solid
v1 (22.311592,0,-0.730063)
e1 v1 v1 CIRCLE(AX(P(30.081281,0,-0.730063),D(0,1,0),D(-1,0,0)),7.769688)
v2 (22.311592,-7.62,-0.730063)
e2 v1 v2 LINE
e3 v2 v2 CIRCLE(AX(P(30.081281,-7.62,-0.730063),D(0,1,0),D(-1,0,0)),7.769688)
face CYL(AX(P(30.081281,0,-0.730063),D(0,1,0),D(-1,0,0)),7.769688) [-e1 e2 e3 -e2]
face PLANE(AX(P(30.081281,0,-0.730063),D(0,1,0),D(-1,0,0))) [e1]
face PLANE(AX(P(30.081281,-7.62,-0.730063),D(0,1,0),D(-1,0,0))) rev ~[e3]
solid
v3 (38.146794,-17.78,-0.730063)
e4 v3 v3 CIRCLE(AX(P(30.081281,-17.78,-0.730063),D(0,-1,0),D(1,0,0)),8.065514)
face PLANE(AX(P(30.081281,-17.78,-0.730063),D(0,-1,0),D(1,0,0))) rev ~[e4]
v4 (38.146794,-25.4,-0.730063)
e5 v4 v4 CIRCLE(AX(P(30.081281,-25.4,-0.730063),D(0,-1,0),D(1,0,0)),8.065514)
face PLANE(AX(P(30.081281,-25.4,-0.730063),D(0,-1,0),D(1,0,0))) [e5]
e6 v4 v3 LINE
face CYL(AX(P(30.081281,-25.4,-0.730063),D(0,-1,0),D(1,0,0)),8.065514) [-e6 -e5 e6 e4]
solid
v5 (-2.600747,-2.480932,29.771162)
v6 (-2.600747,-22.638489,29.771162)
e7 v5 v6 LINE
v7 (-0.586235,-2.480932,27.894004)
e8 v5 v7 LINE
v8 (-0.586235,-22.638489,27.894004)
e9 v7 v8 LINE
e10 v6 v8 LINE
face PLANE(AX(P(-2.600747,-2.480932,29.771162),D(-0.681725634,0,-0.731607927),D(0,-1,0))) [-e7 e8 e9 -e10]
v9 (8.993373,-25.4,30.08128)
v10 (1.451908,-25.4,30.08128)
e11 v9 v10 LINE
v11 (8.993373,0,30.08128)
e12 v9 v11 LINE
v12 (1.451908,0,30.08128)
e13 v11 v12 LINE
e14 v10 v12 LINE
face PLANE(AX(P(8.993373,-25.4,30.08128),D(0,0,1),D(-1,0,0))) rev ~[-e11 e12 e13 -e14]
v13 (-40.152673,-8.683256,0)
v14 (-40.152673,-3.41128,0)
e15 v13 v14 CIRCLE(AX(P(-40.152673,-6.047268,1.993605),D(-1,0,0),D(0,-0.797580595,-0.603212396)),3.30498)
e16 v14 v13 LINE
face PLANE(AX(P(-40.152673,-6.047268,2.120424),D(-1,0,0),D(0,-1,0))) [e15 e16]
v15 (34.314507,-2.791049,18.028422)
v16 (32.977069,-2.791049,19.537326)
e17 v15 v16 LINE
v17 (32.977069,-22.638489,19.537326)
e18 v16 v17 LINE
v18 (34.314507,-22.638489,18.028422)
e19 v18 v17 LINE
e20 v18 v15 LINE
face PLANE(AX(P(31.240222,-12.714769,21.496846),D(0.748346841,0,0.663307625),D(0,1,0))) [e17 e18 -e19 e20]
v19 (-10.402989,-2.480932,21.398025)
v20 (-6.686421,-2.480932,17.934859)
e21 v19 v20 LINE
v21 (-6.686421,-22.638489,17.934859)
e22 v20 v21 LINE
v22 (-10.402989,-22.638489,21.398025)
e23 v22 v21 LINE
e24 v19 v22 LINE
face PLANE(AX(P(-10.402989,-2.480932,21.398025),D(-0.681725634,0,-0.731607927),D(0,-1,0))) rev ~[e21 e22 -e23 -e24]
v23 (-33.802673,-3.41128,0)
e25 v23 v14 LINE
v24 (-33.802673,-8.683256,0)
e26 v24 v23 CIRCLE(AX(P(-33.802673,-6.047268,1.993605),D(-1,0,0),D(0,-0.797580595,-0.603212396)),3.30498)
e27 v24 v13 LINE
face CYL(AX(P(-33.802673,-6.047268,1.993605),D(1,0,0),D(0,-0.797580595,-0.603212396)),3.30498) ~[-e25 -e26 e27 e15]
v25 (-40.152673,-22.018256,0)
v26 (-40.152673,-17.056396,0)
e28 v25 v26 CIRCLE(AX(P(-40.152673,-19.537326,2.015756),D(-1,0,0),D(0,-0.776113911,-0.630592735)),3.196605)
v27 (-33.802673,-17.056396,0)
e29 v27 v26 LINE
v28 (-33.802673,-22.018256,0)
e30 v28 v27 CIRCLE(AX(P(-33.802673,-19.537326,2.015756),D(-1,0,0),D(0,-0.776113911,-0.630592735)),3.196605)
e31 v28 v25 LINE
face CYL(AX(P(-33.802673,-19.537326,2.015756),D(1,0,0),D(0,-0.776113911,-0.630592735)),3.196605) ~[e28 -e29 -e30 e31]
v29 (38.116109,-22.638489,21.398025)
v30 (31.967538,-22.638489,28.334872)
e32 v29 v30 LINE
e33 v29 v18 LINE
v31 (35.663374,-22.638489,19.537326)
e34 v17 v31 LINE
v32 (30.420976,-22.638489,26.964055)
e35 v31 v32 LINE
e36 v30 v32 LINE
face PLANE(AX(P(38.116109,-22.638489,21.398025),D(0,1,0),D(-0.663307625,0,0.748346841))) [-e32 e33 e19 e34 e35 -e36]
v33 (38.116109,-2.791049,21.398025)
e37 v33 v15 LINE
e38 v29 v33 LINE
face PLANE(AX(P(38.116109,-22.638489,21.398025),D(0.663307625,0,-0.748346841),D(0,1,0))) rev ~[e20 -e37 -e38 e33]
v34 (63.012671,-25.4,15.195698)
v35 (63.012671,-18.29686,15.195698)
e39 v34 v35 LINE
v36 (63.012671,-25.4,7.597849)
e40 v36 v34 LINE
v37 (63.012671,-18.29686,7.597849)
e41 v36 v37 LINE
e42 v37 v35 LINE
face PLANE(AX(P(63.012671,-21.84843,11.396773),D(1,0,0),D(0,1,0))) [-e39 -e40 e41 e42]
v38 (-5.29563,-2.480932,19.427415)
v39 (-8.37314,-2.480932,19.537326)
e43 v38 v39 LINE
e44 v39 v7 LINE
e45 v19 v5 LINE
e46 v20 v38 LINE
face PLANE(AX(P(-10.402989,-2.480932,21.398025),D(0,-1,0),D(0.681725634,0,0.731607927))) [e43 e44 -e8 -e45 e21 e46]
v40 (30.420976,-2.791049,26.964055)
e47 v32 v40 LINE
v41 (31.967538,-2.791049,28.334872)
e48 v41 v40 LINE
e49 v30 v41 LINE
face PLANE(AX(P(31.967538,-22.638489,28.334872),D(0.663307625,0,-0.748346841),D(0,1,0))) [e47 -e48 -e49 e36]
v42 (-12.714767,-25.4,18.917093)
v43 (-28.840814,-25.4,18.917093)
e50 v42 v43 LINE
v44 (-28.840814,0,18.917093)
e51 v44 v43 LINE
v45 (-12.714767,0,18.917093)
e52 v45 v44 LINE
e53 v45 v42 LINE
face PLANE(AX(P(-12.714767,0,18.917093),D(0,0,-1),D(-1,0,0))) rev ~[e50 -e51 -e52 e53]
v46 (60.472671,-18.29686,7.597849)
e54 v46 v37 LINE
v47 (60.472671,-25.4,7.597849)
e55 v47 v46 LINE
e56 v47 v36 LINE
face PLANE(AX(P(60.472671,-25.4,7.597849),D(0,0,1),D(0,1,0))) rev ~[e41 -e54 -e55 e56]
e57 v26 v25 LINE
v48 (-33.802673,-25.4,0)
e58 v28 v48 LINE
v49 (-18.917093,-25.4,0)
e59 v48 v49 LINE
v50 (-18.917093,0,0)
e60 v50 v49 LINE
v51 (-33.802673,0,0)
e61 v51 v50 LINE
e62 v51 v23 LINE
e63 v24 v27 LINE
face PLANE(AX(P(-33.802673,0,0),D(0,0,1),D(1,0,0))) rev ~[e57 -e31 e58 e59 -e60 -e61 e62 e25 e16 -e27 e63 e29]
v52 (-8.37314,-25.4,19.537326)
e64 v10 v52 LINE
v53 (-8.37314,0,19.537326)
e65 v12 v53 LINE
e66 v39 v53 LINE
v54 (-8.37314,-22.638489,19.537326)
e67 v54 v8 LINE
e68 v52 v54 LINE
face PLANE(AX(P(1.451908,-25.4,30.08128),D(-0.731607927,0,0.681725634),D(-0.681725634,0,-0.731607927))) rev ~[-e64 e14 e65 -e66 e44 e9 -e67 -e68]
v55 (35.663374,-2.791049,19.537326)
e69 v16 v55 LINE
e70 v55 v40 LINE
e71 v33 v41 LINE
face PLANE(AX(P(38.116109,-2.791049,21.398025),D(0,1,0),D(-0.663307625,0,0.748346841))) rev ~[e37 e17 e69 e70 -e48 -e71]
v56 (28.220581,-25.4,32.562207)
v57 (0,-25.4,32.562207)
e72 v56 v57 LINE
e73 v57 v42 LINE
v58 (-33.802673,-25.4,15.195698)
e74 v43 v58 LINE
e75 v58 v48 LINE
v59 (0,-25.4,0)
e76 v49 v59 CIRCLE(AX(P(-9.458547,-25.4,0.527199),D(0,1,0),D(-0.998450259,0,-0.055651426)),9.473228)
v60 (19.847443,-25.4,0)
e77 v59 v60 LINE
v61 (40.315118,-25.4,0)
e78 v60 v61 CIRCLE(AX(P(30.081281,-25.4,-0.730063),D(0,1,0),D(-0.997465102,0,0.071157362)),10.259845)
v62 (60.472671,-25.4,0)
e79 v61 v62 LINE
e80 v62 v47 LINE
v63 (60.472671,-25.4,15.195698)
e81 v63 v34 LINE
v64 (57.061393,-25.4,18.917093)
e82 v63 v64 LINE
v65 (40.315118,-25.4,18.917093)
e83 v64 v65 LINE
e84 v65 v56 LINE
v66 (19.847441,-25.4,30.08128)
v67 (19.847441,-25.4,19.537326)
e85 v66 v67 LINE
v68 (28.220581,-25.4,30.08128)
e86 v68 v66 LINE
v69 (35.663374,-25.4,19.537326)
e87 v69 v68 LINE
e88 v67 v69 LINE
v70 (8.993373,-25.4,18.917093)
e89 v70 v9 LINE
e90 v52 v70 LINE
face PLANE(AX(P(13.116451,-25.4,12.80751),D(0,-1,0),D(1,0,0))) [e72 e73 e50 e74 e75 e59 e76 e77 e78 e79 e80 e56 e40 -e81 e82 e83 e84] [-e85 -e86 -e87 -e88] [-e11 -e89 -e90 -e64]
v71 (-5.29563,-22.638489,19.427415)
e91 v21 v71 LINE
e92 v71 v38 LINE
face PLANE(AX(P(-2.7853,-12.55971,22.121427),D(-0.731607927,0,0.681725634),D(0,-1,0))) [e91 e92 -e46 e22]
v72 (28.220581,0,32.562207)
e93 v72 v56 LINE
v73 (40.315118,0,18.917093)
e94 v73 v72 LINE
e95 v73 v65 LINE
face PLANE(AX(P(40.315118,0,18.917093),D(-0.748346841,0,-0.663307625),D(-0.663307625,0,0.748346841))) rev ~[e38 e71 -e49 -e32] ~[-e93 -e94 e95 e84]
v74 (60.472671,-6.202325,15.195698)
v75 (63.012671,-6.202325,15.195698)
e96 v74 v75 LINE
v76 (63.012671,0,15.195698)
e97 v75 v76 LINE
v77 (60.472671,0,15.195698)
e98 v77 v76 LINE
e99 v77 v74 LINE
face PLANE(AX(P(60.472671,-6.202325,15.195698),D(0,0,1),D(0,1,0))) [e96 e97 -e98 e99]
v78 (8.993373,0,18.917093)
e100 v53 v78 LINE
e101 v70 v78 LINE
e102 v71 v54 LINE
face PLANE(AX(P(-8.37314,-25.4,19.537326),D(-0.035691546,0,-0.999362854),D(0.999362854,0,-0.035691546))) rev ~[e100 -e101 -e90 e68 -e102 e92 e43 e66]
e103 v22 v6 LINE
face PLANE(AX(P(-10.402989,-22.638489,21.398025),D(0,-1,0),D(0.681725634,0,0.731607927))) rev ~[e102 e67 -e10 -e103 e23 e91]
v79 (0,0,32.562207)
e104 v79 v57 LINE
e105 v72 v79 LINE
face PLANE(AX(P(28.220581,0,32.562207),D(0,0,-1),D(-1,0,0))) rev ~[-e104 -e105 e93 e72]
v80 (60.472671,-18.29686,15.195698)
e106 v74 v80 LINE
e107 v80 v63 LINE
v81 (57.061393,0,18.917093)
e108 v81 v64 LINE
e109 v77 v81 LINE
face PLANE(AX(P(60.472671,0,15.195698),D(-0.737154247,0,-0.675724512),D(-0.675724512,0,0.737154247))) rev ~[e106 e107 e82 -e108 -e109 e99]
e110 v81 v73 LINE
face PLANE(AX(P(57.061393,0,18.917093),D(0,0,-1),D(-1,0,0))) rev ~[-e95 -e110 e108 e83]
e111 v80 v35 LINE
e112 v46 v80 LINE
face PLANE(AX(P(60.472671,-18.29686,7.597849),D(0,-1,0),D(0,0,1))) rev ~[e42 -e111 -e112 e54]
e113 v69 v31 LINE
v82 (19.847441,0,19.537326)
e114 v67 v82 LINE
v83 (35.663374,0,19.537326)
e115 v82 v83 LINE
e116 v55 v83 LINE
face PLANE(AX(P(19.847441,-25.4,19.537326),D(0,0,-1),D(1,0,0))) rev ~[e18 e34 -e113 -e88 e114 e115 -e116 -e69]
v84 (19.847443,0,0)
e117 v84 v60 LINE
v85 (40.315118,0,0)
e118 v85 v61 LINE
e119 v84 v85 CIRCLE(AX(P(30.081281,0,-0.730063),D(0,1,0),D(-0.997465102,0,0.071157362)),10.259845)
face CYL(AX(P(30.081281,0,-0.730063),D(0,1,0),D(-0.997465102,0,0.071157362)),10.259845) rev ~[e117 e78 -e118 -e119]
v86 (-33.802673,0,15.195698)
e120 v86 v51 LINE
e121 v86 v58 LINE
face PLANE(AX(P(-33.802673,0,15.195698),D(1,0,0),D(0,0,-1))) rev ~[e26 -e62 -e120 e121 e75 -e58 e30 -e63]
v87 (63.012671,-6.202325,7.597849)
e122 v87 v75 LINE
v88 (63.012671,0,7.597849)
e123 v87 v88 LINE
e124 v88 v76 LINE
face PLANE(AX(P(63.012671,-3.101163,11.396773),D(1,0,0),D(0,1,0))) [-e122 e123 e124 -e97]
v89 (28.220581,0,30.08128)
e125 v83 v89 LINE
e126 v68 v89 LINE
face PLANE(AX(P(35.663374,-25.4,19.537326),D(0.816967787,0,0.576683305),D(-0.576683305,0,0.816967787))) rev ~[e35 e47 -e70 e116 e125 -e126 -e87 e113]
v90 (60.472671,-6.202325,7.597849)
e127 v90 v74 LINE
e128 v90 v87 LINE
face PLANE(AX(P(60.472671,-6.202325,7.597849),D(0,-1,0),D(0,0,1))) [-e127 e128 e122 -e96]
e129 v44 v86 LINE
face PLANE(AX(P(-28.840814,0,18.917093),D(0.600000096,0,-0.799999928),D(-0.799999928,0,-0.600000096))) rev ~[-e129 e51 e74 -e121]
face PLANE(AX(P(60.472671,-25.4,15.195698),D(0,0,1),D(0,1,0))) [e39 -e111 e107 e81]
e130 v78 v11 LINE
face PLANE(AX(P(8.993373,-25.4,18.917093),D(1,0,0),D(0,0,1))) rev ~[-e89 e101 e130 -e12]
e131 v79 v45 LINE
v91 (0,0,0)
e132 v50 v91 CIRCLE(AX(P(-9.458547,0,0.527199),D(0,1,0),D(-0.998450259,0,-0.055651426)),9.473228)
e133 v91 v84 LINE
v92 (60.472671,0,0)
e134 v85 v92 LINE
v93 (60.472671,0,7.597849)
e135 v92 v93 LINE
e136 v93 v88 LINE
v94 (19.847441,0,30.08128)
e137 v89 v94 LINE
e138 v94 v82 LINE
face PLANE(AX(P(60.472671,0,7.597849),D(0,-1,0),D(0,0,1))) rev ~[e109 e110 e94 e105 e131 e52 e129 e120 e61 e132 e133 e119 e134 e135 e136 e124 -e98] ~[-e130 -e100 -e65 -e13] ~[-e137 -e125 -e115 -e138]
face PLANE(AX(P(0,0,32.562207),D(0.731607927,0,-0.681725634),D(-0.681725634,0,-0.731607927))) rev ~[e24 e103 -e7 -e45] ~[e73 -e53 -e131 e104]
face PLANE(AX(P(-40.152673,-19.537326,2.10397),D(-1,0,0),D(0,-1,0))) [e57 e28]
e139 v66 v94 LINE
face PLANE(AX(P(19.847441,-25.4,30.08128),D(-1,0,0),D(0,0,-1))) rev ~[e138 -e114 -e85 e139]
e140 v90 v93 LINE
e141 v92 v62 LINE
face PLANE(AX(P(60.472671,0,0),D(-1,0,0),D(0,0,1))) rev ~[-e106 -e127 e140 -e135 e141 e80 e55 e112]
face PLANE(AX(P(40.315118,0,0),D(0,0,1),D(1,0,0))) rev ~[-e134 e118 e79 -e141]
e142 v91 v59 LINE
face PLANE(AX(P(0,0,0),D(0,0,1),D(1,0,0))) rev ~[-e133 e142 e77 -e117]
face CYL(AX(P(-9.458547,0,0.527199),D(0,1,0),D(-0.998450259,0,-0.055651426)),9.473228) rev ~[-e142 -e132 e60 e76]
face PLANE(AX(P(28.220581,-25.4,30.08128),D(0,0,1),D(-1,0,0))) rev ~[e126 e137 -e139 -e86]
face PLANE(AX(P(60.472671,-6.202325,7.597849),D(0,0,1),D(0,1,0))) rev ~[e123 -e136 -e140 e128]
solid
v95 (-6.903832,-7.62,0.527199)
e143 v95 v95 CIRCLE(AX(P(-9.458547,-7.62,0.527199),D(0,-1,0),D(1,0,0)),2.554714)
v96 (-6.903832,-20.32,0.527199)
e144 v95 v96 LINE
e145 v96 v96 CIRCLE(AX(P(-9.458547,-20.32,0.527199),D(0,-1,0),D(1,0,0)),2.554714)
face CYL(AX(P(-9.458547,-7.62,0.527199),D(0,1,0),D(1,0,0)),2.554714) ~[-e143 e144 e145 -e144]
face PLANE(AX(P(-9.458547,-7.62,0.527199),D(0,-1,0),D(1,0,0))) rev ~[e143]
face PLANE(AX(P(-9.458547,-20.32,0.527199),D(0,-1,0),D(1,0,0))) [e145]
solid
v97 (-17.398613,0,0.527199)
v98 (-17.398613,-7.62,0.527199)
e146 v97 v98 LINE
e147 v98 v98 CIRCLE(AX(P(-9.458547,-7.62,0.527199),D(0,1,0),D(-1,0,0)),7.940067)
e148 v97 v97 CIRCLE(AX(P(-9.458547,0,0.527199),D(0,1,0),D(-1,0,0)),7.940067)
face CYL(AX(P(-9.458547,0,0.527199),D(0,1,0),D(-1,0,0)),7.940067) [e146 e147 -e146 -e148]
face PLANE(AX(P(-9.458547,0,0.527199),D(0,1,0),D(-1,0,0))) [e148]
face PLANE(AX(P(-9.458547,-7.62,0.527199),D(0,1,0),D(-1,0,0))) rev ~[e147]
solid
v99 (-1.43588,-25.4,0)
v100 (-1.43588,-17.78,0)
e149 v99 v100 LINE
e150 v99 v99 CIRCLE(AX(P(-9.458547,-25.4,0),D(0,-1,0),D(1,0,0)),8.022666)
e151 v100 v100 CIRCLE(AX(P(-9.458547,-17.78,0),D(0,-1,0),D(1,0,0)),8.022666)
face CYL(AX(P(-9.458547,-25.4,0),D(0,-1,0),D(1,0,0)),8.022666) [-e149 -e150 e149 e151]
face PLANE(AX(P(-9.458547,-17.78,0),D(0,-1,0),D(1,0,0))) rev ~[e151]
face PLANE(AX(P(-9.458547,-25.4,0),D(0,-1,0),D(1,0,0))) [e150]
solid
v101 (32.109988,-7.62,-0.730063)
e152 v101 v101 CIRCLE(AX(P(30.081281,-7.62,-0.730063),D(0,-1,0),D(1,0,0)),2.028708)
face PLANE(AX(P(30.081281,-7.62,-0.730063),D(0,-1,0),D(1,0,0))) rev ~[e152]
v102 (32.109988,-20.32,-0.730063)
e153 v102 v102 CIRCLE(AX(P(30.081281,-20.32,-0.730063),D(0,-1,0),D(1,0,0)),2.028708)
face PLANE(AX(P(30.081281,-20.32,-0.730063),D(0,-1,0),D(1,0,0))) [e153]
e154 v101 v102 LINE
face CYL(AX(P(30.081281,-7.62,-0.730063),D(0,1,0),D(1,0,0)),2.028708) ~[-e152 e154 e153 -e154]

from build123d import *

# Parameters (mm, degrees)
F1_DEPTH  = 25.4
F2_R      = 8.022666145
F3_DEPTH  = 7.62
F2_R_2    = 8.0655138607
F4_R      = 7.7696882193
F5_DEPTH  = 7.62
F4_R_2    = 7.940066568
F6_R      = 2.0287079895
F7_DEPTH  = 12.7
F8_R      = 2.5547140385
F9_DEPTH  = 12.7
F10_W     = 6.2023252249
F10_H     = 7.597848773
F10_W_2   = 7.1031398416
F11_DEPTH = 2.54
F13_DEPTH = 25.4
F14_W     = 19.8474398348
F14_H     = 9.2695616186
F15_DEPTH = 5.08
F16_W     = 20.157556748
F16_H     = 11.4448424429
F17_DEPTH = 5.08
F19_DEPTH = 6.35


with BuildPart() as f1:
    # F0 (on Front) → F1 (new body)
    with BuildSketch(Plane.XZ):
        with BuildLine():
            ThreePointArc((-18.9170930535, 0), (-9.4585465267, 10.0004262087), (0, 0))
            Line((0, 0), (19.8474433273, 0))
            ThreePointArc((19.8474433273, 0), (30.0812805071, 9.5297813415), (40.315117687, 0))
            Line((40.315117687, 0), (60.4726709425, 0))
            Line((60.4726709425, 0), (60.4726709425, 15.195697546))
            Line((60.4726709425, 15.195697546), (57.0613928139, 18.9170930535))
            Line((57.0613928139, 18.9170930535), (40.315117687, 18.9170930535))
            Line((40.315117687, 18.9170930535), (28.2205808908, 32.5622074306))
            Line((28.2205808908, 32.5622074306), (0, 32.5622074306))
            Line((0, 32.5622074306), (-12.7147668973, 18.9170930535))
            Line((-12.7147668973, 18.9170930535), (-28.8408137858, 18.9170930535))
            Line((-28.8408137858, 18.9170930535), (-33.8026732206, 15.195697546))
            Line((-33.8026732206, 15.195697546), (-33.8026732206, 0))
            Line((-33.8026732206, 0), (-18.9170930535, 0))
        make_face()
    extrude(amount=F1_DEPTH)

    # F10 (on face) → F11 (join)
    with BuildSketch(Plane.YZ.offset(60.4726709425)):
        with Locations((-3.1011626124, 11.3967731595)):
            Rectangle(F10_W, F10_H)
        with Locations((-21.8484300792, 11.3967731595)):
            Rectangle(F10_W_2, F10_H)
    extrude(amount=F11_DEPTH)

    # F12 (on face) → F13 (cut)
    with BuildSketch(Plane.XZ.offset(25.4)):
        Polygon((19.8474414647, 19.5373259485), (35.6633737683, 19.5373259485), (28.2205808908, 30.0812795758), (19.8474414647, 30.0812795758), align=None)
        Polygon((1.4519082894, 30.0812795758), (-8.3731403574, 19.5373259485), (8.9933732525, 18.9170930535), (8.9933732525, 30.0812795758), align=None)
    extrude(amount=-F13_DEPTH, mode=Mode.SUBTRACT)

    # F14 (on face) → F15 (cut)
    with BuildSketch(Plane(origin=(31.9675383997, 0, 28.3348720116), x_dir=(0, 1, 0), z_dir=(0.7483468413, 0, 0.6633076248))):
        with Locations((-12.7147686435, -4.6347808093)):
            Rectangle(F14_W, F14_H)
    extrude(amount=-F15_DEPTH, mode=Mode.SUBTRACT)

    # F16 (on face) → F17 (cut)
    with BuildSketch(Plane(origin=(-16.2405923707, 0, 15.1332807156), x_dir=(0, -1, 0), z_dir=(-0.7316079273, 0, 0.6817256345))):
        with Locations((12.5597101869, 14.2854014412)):
            Rectangle(F16_W, F16_H)
    extrude(amount=-F17_DEPTH, mode=Mode.SUBTRACT)

    # F18 (on face) → F19 (join)
    with BuildSketch(Plane(origin=(-33.8026732206, 0, 0), x_dir=(0, -1, 0), z_dir=(-1, 0, 0))):
        with BuildLine():
            ThreePointArc((22.0182556659, 0), (19.5373259485, 5.2123611179), (17.0563962311, 0))
            Line((17.0563962311, 0), (22.0182556659, 0))
        make_face()
        with BuildLine():
            Line((3.4112804569, 0), (8.6832558736, 0))
            ThreePointArc((8.6832558736, 0), (6.0472681653, 5.2985844911), (3.4112804569, 0))
        make_face()
    extrude(amount=F19_DEPTH)


with BuildPart() as f3:
    # F2 (on face) → F3 (new body)
    with BuildSketch(Plane.XZ.offset(25.4)):
        with Locations((-9.4585465267, 0)):
            Circle(F2_R)
    extrude(amount=-F3_DEPTH)


with BuildPart() as f3b:
    # F2 (on face) → F3, piece 2 (new body)
    with BuildSketch(Plane.XZ.offset(25.4)):
        with Locations((30.0812805071, -0.7300634982)):
            Circle(F2_R_2)
    extrude(amount=-F3_DEPTH)


with BuildPart() as f5:
    # F4 (on face) → F5 (new body)
    with BuildSketch(Plane(origin=(0, 0, 0), x_dir=(-1, 0, 0), z_dir=(0, 1, 0))):
        with Locations((-30.0812805071, -0.7300634982)):
            Circle(F4_R)
    extrude(amount=-F5_DEPTH)


with BuildPart() as f5b:
    # F4 (on face) → F5, piece 2 (new body)
    with BuildSketch(Plane(origin=(0, 0, 0), x_dir=(-1, 0, 0), z_dir=(0, 1, 0))):
        with Locations((9.4585465267, 0.5271986282)):
            Circle(F4_R_2)
    extrude(amount=-F5_DEPTH)


with BuildPart() as f7:
    # F6 (on face) → F7 (new body)
    with BuildSketch(Plane.XZ.offset(7.62)):
        with Locations((30.0812805071, -0.7300634982)):
            Circle(F6_R)
    extrude(amount=F7_DEPTH)


with BuildPart() as f9:
    # F8 (on face) → F9 (new body)
    with BuildSketch(Plane.XZ.offset(7.62)):
        with Locations((-9.4585465267, 0.5271986282)):
            Circle(F8_R)
    extrude(amount=F9_DEPTH)


solid = Compound([f1.part, f3.part, f3b.part, f5.part, f5b.part, f7.part, f9.part])
